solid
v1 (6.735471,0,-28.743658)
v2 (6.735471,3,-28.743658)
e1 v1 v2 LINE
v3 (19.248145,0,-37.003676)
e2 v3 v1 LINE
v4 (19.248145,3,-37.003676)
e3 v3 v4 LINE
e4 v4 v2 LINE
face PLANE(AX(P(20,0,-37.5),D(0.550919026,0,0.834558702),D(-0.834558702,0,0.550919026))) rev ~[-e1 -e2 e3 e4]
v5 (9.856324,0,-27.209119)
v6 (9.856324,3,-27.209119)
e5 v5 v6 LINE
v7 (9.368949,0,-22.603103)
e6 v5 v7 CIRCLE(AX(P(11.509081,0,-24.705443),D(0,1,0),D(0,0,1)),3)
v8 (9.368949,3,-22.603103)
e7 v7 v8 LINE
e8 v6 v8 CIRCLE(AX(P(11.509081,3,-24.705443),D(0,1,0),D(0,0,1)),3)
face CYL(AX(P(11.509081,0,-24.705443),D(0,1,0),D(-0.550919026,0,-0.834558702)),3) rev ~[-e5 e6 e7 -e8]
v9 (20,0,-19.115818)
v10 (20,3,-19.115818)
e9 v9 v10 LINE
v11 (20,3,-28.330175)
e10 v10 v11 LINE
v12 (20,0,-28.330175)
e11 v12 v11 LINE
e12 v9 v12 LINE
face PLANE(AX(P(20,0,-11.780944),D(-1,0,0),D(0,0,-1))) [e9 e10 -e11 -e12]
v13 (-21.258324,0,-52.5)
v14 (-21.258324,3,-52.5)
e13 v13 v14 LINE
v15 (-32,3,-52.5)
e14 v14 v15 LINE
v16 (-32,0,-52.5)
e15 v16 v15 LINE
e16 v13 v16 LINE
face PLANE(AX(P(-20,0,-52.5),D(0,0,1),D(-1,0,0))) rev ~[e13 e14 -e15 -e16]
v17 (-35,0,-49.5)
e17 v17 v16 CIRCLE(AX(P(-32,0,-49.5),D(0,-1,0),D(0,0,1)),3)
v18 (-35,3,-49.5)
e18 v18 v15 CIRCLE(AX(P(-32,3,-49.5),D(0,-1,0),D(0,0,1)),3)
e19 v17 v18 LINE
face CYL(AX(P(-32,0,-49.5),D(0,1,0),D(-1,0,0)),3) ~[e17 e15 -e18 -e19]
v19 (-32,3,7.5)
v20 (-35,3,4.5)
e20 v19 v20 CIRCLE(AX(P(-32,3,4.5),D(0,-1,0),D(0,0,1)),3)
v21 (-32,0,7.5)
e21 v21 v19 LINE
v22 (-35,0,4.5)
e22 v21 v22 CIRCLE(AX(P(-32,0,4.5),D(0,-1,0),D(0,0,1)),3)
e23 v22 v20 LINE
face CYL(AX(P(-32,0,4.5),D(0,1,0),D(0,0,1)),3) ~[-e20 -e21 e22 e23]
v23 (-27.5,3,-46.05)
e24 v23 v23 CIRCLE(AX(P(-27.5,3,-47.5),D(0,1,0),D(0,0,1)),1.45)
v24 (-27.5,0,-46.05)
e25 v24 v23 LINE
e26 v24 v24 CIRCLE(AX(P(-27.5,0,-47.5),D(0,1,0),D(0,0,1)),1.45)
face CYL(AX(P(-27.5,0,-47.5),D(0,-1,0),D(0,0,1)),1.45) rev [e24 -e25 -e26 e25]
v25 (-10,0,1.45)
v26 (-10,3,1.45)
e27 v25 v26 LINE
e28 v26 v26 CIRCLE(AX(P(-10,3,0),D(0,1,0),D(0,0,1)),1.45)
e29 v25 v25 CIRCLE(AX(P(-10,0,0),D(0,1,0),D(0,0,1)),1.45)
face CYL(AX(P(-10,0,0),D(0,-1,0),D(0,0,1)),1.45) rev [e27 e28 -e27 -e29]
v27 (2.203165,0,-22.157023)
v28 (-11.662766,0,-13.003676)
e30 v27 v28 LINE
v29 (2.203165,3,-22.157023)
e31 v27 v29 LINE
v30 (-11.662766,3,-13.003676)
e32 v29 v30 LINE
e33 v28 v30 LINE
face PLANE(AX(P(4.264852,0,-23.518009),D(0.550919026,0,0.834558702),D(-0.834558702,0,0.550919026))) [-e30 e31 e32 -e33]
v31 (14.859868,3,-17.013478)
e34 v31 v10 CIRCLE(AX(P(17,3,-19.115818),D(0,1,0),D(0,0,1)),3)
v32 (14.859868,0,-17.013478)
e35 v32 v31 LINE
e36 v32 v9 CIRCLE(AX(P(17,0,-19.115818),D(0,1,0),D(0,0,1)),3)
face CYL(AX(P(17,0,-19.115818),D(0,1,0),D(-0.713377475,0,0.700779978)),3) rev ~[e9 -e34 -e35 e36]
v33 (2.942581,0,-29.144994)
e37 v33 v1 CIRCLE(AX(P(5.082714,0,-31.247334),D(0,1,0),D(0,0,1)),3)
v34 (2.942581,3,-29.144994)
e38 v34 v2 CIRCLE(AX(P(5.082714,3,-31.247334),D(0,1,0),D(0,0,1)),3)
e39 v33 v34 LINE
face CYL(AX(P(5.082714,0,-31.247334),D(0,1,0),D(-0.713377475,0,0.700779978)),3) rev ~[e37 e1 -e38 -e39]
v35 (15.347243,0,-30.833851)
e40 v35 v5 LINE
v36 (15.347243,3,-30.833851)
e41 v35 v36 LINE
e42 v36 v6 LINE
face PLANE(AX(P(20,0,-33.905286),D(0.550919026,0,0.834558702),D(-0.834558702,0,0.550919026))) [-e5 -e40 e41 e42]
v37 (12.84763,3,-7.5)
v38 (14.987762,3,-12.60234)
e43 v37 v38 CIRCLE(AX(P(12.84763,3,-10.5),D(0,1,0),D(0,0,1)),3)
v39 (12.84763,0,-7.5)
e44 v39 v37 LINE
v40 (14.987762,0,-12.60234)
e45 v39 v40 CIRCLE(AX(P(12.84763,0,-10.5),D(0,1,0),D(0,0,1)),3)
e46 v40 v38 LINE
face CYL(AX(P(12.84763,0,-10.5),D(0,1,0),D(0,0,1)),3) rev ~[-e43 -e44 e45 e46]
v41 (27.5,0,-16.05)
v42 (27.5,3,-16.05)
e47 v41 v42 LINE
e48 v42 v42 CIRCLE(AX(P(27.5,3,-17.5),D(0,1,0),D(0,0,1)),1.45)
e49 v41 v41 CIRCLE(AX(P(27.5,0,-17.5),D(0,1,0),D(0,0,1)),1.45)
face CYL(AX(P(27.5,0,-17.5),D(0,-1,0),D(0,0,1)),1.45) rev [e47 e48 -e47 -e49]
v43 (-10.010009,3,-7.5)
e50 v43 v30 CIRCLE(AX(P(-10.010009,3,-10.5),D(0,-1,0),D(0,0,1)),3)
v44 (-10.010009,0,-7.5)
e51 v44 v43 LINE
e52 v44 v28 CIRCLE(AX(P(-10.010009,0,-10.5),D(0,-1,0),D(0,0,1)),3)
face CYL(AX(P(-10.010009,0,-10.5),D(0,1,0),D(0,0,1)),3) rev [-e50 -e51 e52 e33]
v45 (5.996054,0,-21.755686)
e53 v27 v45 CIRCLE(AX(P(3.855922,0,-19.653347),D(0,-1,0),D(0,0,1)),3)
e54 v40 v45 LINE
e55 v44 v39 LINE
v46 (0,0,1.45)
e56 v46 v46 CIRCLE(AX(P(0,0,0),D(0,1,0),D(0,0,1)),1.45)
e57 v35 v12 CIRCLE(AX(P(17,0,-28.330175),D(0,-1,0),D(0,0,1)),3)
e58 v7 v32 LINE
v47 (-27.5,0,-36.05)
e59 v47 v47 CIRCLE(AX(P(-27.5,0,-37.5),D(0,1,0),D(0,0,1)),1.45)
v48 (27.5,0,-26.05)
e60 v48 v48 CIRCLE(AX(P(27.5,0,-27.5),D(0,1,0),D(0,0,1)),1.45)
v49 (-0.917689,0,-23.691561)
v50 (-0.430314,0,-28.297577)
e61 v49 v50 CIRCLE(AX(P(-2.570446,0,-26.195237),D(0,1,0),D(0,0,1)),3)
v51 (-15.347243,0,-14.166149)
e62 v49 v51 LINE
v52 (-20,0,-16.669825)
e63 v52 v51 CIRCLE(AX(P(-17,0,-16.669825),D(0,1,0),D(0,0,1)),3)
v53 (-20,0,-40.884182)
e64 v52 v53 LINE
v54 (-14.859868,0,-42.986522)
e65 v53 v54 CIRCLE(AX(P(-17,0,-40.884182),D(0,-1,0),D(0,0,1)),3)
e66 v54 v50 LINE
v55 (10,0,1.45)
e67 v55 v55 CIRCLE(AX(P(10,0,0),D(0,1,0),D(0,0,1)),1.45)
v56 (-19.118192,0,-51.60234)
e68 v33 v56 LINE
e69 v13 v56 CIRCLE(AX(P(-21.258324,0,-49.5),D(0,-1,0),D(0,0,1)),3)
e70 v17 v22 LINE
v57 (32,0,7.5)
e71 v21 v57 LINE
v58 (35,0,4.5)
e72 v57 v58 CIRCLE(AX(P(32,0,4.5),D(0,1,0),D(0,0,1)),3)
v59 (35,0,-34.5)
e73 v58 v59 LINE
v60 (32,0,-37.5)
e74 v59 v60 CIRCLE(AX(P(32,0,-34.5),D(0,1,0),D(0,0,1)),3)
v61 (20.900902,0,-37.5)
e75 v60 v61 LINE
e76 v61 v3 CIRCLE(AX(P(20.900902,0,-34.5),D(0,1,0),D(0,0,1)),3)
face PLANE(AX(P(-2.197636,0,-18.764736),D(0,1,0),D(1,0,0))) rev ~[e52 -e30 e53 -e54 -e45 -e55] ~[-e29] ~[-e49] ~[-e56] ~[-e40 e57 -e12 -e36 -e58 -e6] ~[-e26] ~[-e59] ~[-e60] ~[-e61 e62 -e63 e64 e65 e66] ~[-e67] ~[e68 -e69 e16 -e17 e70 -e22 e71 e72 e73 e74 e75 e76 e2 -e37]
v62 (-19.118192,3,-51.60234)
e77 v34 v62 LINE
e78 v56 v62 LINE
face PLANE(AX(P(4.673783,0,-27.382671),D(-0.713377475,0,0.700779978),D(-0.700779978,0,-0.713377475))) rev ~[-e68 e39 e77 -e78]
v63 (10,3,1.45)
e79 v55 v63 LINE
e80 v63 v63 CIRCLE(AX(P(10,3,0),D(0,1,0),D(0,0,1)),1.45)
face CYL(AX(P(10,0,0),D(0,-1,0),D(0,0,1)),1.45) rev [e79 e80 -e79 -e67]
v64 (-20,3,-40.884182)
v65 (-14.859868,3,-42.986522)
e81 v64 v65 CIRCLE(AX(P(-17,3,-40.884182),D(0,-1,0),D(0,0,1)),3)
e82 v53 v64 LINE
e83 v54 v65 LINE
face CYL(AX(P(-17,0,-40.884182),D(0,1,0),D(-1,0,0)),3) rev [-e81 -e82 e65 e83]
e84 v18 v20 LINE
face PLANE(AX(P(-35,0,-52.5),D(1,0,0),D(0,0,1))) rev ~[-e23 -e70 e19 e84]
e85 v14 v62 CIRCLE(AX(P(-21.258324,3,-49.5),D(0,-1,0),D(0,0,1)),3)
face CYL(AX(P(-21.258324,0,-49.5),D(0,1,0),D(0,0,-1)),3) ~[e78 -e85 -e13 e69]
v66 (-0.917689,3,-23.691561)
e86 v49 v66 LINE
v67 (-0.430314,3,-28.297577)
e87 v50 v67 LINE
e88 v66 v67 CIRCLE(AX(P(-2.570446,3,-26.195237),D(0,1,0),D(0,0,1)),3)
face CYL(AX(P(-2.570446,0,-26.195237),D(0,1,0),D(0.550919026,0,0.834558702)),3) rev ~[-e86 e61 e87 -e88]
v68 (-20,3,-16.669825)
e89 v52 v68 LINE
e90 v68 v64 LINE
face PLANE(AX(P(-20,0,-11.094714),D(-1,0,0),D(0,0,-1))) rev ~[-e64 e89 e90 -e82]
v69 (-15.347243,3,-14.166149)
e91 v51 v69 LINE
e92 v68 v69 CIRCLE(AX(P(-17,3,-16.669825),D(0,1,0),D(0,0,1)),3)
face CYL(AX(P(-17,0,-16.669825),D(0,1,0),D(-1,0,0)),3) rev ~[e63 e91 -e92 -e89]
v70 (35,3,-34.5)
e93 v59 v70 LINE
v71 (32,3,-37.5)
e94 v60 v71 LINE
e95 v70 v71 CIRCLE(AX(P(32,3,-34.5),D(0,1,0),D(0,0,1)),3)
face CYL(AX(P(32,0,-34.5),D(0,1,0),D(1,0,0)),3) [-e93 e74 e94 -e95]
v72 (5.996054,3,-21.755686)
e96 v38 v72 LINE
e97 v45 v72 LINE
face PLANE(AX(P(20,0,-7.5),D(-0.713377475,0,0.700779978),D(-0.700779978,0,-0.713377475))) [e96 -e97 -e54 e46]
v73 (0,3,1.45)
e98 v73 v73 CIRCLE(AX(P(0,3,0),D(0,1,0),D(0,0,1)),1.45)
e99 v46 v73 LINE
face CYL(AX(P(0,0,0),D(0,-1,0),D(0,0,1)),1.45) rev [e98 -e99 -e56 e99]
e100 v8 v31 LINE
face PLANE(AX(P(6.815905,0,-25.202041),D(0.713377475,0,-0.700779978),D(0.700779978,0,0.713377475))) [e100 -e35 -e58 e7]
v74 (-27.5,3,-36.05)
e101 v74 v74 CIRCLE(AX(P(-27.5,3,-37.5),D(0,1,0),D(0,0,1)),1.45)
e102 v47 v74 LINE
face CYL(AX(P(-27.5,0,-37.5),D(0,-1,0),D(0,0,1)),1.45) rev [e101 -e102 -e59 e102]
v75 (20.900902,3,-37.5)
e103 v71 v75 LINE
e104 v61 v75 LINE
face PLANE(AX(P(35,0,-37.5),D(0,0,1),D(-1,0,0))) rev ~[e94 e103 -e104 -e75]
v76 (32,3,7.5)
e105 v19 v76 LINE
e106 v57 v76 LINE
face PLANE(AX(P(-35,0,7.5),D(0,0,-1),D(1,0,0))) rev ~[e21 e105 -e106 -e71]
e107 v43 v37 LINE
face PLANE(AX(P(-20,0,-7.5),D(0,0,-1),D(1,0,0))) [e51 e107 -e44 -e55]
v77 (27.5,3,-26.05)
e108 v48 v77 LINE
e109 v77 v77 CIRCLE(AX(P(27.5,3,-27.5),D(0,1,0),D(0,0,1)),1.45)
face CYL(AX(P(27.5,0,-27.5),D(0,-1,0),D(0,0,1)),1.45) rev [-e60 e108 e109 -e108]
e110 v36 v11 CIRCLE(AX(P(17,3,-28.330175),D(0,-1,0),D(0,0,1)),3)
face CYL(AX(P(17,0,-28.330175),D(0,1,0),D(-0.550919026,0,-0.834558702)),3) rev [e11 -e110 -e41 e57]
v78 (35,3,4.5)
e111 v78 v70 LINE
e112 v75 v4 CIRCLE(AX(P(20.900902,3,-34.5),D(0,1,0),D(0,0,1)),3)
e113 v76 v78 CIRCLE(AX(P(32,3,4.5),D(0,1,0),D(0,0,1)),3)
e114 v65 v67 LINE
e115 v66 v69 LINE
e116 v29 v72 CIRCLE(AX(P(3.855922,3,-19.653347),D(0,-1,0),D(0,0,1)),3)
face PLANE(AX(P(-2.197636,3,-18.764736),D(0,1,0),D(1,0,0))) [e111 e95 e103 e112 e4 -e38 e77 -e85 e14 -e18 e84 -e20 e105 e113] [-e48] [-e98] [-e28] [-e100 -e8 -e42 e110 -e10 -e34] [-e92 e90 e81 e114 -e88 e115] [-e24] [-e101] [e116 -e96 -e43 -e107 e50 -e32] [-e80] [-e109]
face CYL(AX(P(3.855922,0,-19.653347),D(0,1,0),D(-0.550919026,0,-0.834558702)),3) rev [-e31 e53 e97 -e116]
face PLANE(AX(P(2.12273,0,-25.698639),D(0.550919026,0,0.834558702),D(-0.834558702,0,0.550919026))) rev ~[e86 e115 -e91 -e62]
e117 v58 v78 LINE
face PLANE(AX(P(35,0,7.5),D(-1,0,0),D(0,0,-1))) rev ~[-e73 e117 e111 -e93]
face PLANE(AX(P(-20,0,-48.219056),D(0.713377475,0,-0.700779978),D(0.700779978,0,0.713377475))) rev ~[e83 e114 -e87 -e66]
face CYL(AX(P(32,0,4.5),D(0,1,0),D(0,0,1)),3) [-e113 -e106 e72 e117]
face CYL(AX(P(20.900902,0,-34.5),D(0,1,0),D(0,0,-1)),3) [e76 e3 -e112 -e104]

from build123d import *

# Parameters (mm, degrees)
SKETCH_1_R      = 1.45
EXTRUDE_1_DEPTH = 3
FILLET_1_R      = 3


with BuildPart() as part:
    # 草图1 → 凸台-拉伸1 (new body)
    with BuildSketch(Plane(origin=(0, 0, 0), x_dir=(1, 0, 0), z_dir=(0, 1, 0))):
        Polygon((-35, -7.5), (35, -7.5), (35, 37.5), (20, 37.5), (4.673782914, 27.382671433), (-20, 52.5), (-35, 52.5), align=None)
        with Locations(Location((-27.5, 37.5, 0), (0, 0, 270))):
            Circle(SKETCH_1_R, mode=Mode.SUBTRACT)
        with Locations(Location((-27.5, 47.5, 0), (0, 0, 270))):
            Circle(SKETCH_1_R, mode=Mode.SUBTRACT)
        with Locations(Location((27.5, 27.5, 0), (0, 0, 270))):
            Circle(SKETCH_1_R, mode=Mode.SUBTRACT)
        with Locations(Location((27.5, 17.5, 0), (0, 0, 270))):
            Circle(SKETCH_1_R, mode=Mode.SUBTRACT)
        with Locations(Location((0, 0, 0), (0, 0, 270))):
            Circle(SKETCH_1_R, mode=Mode.SUBTRACT)
        with Locations(Location((10, 0, 0), (0, 0, 270))):
            Circle(SKETCH_1_R, mode=Mode.SUBTRACT)
        with Locations(Location((-10, 0, 0), (0, 0, 270))):
            Circle(SKETCH_1_R, mode=Mode.SUBTRACT)
        Polygon((-20, 7.5), (20, 7.5), (4.264852248, 23.518008974), align=None, mode=Mode.SUBTRACT)
        Polygon((-20, 48.219055775), (2.122729676, 25.698639186), (-20, 11.094714181), align=None, mode=Mode.SUBTRACT)
        Polygon((20, 33.905285819), (6.815905486, 25.202041221), (20, 11.780944225), align=None, mode=Mode.SUBTRACT)
    extrude(amount=EXTRUDE_1_DEPTH)

    # 圆角1
    fillet_1_edges = [part.edges().sort_by_distance(p)[0] for p in [
        (-20, 1.5, -7.5),
        (20, 1.5, -7.5),
        (4.264852248, 1.5, -23.518008974),
        (2.122729676, 1.5, -25.698639186),
        (-20, 1.5, -48.219055775),
        (-20, 1.5, -11.094714181),
        (20, 1.5, -37.5),
        (35, 1.5, -37.5),
        (35, 1.5, 7.5),
        (-35, 1.5, 7.5),
        (-35, 1.5, -52.5),
        (-20, 1.5, -52.5),
        (4.673782914, 1.5, -27.382671433),
        (20, 1.5, -33.905285819),
        (6.815905486, 1.5, -25.202041221),
        (20, 1.5, -11.780944225),
    ]]
    fillet(fillet_1_edges, radius=FILLET_1_R)


solid = part.part
